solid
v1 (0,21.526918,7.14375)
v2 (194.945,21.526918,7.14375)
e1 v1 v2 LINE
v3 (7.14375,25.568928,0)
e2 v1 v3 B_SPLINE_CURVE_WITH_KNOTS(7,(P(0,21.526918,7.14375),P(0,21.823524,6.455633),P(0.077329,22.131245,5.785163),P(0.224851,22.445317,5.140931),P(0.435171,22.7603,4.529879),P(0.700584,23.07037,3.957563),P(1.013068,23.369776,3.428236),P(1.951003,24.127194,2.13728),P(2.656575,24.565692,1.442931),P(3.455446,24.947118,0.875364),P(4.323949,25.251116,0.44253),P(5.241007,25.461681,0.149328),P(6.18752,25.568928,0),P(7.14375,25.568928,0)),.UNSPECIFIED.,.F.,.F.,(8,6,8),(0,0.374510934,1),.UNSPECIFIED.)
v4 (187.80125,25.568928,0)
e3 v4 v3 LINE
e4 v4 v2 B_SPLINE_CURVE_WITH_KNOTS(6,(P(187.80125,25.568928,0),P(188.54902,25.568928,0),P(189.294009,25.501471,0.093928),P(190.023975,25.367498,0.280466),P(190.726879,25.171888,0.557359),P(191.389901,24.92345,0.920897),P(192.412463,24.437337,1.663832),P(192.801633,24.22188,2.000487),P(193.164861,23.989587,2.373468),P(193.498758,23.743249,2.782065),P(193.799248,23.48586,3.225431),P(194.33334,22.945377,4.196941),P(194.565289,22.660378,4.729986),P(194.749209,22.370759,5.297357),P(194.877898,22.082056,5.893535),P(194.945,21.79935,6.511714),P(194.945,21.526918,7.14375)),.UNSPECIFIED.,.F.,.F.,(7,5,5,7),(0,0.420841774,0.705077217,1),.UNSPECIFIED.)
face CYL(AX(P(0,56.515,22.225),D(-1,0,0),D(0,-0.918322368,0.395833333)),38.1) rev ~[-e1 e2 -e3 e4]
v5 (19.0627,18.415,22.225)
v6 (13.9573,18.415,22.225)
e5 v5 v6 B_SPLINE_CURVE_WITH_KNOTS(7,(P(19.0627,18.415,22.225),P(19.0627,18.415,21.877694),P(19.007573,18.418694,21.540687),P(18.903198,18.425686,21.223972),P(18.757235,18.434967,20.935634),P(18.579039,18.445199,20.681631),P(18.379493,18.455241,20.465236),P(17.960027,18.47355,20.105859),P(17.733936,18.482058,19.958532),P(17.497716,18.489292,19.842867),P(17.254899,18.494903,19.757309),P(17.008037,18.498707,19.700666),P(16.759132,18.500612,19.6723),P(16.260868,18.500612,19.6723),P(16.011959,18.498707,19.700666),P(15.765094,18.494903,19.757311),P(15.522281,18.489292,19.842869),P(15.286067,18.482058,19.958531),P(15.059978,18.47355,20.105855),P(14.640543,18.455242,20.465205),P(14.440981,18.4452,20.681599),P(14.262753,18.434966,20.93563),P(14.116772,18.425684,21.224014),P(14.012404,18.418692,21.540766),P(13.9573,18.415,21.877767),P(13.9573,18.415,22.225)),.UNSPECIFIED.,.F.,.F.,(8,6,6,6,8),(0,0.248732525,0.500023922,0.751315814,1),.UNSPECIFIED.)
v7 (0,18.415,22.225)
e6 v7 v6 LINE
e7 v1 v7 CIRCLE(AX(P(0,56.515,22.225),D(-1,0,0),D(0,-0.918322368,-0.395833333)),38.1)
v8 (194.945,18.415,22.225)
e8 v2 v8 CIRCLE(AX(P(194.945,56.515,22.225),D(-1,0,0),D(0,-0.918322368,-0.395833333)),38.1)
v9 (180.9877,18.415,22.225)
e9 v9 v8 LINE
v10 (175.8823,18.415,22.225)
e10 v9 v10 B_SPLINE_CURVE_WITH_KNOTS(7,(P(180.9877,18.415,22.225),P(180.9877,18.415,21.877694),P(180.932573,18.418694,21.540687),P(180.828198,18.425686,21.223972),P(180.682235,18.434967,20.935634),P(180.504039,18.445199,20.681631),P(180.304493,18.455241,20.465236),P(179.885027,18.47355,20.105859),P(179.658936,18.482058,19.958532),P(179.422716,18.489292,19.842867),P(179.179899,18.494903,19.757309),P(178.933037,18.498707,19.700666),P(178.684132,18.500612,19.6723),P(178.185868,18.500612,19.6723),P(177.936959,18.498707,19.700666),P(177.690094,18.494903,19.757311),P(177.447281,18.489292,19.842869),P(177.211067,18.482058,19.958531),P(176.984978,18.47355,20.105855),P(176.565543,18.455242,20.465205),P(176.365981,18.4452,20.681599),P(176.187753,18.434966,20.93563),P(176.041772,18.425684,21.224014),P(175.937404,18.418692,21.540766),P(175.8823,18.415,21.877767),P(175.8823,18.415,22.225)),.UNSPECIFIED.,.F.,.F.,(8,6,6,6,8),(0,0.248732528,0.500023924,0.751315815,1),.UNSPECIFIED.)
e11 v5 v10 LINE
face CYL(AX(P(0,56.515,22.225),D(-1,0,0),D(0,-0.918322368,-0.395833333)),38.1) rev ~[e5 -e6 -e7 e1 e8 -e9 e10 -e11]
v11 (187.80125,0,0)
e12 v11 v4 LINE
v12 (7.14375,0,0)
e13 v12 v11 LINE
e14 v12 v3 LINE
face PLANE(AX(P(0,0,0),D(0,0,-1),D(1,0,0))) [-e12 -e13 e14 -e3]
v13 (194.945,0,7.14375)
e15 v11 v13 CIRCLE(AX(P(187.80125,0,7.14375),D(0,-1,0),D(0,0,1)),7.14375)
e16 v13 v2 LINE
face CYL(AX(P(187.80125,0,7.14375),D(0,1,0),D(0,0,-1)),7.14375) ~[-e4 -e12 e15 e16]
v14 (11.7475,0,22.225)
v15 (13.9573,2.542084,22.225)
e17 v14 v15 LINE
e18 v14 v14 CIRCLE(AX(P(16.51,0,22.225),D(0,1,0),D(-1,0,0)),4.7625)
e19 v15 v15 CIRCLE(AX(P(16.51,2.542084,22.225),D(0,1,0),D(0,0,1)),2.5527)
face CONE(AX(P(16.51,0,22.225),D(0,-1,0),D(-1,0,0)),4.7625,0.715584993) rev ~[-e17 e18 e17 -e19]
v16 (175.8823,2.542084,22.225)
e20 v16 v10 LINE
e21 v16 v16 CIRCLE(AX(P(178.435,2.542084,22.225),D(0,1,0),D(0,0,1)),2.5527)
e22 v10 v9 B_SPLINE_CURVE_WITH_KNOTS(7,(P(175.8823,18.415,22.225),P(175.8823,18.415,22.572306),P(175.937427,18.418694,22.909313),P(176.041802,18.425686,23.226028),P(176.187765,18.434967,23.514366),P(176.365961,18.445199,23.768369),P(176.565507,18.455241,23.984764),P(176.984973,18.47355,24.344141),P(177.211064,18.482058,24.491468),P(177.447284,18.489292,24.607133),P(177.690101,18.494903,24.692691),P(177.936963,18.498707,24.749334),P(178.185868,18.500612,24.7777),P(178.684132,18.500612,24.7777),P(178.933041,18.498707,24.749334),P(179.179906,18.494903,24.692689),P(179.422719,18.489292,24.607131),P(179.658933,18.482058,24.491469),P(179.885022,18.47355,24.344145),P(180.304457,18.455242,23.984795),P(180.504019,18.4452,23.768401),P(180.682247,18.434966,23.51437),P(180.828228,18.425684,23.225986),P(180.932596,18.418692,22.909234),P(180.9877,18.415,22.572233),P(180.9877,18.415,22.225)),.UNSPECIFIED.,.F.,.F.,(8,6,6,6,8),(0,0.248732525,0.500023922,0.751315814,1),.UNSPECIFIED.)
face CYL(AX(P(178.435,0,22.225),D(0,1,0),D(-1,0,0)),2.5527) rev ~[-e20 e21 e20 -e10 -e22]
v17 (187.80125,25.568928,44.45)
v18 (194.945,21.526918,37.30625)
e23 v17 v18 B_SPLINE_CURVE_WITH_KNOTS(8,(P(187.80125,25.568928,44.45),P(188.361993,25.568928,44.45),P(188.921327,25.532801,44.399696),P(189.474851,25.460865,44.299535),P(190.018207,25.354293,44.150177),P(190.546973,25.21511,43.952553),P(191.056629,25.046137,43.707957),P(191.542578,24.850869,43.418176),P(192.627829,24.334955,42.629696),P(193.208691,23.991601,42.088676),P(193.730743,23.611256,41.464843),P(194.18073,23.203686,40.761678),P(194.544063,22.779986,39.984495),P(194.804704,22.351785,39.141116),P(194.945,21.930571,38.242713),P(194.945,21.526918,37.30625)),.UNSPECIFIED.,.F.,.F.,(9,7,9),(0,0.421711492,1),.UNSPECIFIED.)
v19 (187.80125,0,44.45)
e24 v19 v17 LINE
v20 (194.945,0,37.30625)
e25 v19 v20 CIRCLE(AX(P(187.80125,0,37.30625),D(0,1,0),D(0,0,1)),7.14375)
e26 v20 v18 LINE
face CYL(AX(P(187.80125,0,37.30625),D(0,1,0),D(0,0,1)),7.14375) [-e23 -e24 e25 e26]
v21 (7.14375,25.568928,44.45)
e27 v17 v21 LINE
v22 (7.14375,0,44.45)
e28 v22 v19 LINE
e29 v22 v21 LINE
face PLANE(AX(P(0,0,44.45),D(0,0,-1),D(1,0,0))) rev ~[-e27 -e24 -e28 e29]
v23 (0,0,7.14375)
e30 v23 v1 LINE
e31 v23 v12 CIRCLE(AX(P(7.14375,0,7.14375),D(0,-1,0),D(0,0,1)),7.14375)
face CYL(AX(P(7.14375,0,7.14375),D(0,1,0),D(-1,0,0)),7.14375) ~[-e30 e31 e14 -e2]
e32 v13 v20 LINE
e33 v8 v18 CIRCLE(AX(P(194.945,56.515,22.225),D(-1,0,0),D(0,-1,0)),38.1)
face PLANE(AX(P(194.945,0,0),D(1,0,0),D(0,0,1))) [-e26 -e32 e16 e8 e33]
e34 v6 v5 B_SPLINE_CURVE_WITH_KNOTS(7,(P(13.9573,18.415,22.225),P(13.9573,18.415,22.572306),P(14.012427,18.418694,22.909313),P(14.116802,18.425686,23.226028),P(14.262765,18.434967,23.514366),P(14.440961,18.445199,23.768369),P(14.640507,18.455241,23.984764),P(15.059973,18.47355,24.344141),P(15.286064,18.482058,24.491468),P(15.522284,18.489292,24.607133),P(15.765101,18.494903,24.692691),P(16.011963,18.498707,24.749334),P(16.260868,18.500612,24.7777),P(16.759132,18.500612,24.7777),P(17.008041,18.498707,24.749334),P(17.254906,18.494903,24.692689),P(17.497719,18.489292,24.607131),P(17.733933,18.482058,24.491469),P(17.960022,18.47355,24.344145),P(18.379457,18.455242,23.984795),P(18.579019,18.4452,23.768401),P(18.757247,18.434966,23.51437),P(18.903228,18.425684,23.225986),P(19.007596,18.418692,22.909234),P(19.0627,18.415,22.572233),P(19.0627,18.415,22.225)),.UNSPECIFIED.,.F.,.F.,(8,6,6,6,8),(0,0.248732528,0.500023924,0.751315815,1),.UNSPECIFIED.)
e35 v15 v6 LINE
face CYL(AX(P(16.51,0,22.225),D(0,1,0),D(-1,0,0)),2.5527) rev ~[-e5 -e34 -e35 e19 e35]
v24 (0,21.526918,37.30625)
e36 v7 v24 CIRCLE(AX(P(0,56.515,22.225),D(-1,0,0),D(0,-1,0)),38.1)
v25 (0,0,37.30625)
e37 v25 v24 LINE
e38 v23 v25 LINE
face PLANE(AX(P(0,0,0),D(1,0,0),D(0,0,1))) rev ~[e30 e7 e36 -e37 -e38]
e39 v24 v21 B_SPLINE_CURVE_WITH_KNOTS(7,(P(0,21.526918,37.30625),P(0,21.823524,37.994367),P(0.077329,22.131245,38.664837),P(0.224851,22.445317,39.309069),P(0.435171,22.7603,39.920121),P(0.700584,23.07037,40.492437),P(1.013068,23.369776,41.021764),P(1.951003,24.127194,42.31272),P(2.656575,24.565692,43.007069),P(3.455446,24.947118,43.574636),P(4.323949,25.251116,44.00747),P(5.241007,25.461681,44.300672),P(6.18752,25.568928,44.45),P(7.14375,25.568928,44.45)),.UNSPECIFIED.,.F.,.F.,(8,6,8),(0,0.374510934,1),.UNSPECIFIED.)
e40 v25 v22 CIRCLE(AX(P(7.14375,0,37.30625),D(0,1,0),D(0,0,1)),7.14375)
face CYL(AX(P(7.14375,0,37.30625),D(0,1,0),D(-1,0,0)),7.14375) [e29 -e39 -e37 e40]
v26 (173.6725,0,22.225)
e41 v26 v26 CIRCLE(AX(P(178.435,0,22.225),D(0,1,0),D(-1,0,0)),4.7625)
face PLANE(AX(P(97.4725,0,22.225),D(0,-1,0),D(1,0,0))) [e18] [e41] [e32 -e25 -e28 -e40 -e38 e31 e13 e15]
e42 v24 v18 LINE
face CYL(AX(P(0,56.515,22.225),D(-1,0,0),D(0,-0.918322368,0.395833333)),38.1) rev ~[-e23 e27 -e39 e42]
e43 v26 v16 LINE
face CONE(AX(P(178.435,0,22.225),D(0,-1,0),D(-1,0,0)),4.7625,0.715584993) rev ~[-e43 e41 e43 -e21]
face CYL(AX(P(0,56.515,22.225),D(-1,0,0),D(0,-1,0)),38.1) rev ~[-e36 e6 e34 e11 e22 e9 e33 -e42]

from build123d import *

# Parameters (mm, degrees)
F0_W           = 194.945
F0_H           = 44.45
F1_DEPTH       = 40.64
F2_D           = 5.1054
F2_DEPTH       = 25.4
F2_CSINK_D     = 9.525
F2_CSINK_ANGLE = 82
F2_TIP         = 1.5338169022
F3_R           = 7.14375
F5_DEPTH       = 194.946


with BuildPart() as f1:
    # F0 (on Front) → F1 (new body)
    with BuildSketch(Plane.XZ):
        with Locations((97.4725, 22.225)):
            Rectangle(F0_W, F0_H)
    extrude(amount=-F1_DEPTH)

    # F2
    with Locations(Plane.XZ):
        with Locations((16.51, 22.225), (178.435, 22.225)):
            CounterSinkHole(F2_D / 2, F2_CSINK_D / 2, depth=F2_DEPTH, counter_sink_angle=F2_CSINK_ANGLE)
            with Locations((0, 0, -(F2_DEPTH + F2_TIP / 2))):  # 118° drill point
                Cone(0, F2_D / 2, F2_TIP, mode=Mode.SUBTRACT)

    # F3
    f3_edges = [f1.edges().sort_by_distance(p)[0] for p in [
        (0, 20.32, 44.45),
        (194.945, 20.32, 44.45),
        (0, 20.32, 0),
        (194.945, 20.32, 0),
    ]]
    fillet(f3_edges, radius=F3_R)

    # F4 (on face) → F5 (cut, through all)
    with BuildSketch(Plane(origin=(0, 0, 0), x_dir=(0, -1, 0), z_dir=(-1, 0, 0))):
        with BuildLine():
            Line((-40.64, 7.14375), (-40.64, 22.225))
            Line((-40.64, 22.225), (-40.64, 37.30625))
            Line((-40.64, 37.30625), (-21.5269177657, 37.30625))
            ThreePointArc((-21.5269177657, 37.30625), (-94.615, 22.225), (-21.5269177657, 7.14375))
            Line((-21.5269177657, 7.14375), (-40.64, 7.14375))
        make_face()
        with BuildLine():
            Line((-40.64, 37.30625), (-40.64, 22.225))
            Line((-40.64, 22.225), (-18.415, 22.225))
            ThreePointArc((-18.415, 22.225), (-19.2010888332, 29.9244826732), (-21.5269177657, 37.30625))
            Line((-21.5269177657, 37.30625), (-40.64, 37.30625))
        make_face()
        with BuildLine():
            Line((-18.415, 22.225), (-40.64, 22.225))
            Line((-40.64, 22.225), (-40.64, 7.14375))
            Line((-40.64, 7.14375), (-21.5269177657, 7.14375))
            ThreePointArc((-21.5269177657, 7.14375), (-19.2010888332, 14.5255173268), (-18.415, 22.225))
        make_face()
    extrude(amount=-F5_DEPTH, mode=Mode.SUBTRACT)


solid = f1.part
